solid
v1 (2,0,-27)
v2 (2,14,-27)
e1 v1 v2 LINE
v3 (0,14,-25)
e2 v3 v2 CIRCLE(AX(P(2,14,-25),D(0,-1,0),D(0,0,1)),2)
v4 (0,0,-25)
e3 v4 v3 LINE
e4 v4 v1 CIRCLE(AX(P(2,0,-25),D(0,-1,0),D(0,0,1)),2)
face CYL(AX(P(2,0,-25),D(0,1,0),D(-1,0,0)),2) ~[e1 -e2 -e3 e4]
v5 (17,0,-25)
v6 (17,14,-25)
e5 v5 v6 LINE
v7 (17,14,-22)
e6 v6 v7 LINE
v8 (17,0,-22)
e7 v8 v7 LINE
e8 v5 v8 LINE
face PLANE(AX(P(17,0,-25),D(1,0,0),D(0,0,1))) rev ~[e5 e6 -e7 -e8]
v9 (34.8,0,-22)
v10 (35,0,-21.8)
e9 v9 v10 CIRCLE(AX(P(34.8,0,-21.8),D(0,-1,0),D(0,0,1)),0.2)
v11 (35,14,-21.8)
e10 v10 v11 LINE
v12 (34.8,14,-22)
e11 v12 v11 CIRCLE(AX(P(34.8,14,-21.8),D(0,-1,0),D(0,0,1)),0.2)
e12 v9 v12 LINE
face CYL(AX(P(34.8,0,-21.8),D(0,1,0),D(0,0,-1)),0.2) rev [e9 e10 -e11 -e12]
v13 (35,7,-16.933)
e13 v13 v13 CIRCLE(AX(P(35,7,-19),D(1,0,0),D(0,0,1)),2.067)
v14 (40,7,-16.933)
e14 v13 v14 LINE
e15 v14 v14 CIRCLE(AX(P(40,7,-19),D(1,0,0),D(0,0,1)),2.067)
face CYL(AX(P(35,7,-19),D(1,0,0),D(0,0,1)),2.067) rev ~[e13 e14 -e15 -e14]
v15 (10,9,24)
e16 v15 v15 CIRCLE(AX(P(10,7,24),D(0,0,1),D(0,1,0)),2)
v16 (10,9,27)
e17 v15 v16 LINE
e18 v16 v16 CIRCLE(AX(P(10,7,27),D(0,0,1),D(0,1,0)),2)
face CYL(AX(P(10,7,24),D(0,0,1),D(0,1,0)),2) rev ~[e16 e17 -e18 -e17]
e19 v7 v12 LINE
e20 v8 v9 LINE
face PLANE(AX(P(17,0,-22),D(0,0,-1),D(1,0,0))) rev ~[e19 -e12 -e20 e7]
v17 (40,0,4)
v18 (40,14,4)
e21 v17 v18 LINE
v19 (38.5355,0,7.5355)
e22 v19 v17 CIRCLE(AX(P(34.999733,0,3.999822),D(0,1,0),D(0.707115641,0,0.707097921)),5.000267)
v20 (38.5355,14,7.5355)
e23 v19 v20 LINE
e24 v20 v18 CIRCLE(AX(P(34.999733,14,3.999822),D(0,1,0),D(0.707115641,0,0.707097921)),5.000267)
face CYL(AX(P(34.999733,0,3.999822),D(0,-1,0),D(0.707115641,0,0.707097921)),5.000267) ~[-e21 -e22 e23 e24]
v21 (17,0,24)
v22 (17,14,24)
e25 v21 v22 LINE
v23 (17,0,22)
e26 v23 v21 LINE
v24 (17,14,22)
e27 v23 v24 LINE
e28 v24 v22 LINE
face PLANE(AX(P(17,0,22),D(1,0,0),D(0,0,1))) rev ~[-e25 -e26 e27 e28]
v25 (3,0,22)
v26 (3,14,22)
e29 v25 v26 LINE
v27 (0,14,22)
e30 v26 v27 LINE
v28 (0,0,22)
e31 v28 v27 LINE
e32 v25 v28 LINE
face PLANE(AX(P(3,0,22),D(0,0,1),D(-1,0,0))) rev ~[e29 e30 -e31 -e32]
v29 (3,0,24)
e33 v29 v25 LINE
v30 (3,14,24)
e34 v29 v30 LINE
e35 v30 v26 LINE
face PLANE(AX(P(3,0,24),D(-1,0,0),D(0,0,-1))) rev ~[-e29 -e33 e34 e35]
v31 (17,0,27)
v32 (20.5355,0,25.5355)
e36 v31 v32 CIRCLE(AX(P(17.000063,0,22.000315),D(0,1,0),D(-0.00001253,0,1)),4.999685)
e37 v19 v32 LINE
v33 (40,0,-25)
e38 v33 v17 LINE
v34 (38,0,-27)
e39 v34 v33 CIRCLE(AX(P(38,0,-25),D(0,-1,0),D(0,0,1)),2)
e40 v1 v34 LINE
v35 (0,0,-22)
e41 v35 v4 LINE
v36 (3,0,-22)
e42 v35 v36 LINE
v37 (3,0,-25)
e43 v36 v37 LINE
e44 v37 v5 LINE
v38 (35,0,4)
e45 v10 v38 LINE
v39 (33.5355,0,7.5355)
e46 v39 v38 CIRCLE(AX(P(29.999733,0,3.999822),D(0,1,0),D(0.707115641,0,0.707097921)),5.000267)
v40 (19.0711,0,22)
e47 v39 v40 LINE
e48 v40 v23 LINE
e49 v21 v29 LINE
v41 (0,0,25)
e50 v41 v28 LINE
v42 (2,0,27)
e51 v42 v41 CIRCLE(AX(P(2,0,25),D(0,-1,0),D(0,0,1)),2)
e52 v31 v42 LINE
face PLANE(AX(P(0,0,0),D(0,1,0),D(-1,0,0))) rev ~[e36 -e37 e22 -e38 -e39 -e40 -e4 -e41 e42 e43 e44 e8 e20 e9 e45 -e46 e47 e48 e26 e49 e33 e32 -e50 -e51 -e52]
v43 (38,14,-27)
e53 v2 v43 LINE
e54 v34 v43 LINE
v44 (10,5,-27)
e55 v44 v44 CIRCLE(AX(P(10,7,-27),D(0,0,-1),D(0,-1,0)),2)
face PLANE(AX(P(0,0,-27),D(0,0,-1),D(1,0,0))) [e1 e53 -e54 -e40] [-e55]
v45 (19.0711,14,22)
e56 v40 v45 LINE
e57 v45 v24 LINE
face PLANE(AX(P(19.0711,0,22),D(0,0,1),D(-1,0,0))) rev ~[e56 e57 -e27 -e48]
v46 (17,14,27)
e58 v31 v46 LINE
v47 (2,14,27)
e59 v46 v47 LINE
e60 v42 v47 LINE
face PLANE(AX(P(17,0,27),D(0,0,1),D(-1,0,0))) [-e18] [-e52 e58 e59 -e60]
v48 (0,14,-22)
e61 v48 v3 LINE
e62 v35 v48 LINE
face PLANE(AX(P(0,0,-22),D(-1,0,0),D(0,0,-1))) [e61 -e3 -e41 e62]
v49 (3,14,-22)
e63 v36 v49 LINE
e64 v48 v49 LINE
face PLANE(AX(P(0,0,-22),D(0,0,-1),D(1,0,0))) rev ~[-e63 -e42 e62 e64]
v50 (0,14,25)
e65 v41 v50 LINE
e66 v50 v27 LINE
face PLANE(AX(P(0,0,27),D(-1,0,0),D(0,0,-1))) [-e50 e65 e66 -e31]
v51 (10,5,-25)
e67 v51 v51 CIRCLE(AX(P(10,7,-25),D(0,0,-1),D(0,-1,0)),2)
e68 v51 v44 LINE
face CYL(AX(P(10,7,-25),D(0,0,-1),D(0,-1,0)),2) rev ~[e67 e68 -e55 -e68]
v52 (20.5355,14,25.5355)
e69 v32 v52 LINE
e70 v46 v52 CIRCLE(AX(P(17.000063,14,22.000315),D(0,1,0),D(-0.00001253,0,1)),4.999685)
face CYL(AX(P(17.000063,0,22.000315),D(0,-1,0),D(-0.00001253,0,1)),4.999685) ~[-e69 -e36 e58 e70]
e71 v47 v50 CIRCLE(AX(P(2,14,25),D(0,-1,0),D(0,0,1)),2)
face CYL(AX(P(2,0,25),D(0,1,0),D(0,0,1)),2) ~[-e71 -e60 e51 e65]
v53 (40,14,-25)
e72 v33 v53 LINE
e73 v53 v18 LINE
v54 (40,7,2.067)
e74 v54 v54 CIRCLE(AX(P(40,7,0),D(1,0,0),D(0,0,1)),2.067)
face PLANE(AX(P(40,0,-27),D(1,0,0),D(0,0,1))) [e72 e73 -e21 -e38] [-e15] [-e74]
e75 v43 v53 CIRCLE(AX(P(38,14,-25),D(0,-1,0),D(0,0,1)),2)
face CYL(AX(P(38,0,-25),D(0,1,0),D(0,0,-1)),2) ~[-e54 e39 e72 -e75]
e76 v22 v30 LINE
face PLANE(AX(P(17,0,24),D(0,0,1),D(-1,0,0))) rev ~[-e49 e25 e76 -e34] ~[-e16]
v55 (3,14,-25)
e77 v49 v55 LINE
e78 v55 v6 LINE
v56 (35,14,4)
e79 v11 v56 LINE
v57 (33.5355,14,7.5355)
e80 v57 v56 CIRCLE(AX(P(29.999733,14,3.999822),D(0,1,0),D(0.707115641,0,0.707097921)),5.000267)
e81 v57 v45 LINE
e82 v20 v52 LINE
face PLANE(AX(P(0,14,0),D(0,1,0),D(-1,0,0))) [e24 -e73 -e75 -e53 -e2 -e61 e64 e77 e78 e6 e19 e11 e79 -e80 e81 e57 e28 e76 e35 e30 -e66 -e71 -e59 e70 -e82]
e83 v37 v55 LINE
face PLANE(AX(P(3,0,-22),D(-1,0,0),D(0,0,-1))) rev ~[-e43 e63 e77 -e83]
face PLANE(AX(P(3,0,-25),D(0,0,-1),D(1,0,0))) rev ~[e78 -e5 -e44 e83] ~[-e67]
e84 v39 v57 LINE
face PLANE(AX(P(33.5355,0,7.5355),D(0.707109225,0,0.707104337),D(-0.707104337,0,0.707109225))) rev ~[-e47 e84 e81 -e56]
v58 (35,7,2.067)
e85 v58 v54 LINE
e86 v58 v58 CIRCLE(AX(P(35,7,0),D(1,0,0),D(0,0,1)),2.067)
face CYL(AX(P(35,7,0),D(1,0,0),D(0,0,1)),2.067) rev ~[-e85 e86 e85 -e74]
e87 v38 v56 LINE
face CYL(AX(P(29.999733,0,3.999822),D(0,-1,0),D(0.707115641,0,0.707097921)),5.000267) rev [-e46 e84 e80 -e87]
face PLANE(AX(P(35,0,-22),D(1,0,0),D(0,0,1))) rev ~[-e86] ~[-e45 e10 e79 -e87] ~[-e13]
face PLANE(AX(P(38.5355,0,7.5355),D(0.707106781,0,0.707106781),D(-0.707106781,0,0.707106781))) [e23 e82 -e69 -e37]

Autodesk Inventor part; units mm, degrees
ref_plane "YZ Plane" through (0, 0, 0) normal (1, 0, 0) x (0, 1, 0)
ref_plane "XZ Plane" through (0, 0, 0) normal (0, 1, 0) x (-1, 0, 0)
ref_plane "XY Plane" through (0, 0, 0) normal (0, 0, 1) x (1, 0, 0)
sketch "Skizze1" plane through (0, 0, 0) normal (0, 1, 0) x (-1, 0, 0)
  line L0 (0, -22) -> (0, -27)
  line L1 (0, -27) -> (-40, -27)
  line L2 (-40, -27) -> (-40, 4)
  line L3 (-17, 27) -> (0, 27)
  line L4 (0, 27) -> (0, 22)
  line L5 (0, -22) -> (-3, -22)
  line L6 (-3, -22) -> (-3, -25)
  line L7 (-3, -25) -> (-17, -25)
  line L8 (-17, -25) -> (-17, -22)
  line L9 (-17, -22) -> (-35, -22)
  line L10 (-35, -22) -> (-35, 4)
  line L11 (-17, 24) -> (-17, 24)
  line L12 (-17, 24) -> (-3, 24)
  line L13 (-3, 24) -> (-3, 22)
  line L14 (-3, 22) -> (0, 22)
  line L15 (0, 0) -> (-33.6444, 0) construction
  arc A0 (-33.5355, 7.5355) -> (-35, 4) centre (-30, 4) ccw
  line L16 (-33.5355, 7.5355) -> (-19.0711, 22)
  line L17 (-19.0711, 22) -> (-17, 22)
  line L18 (-17, 22) -> (-17, 24)
  line L19 (-17, 24) -> (-17, 24)
  arc A1 (-38.5355, 7.5355) -> (-40, 4) centre (-35, 4) ccw
  line L20 (-38.5355, 7.5355) -> (-20.5355, 25.5355)
  arc A2 (-17, 27) -> (-20.5355, 25.5355) centre (-17, 22) ccw
  point P0 (-1.5, 22)
  dimension "d2" = 5
  dimension "d3" = 40
  dimension "d4" = 3
  dimension "d5" = 14
  dimension "d6" = 54
  dimension "d7" = 3
  dimension "d8" = 2
  dimension "d12" = 26
  dimension "d16" = 2
  dimension "d17" = 3
  dimension "d18" = 5
  dimension "d19" = 5
  dimension "d20" = 5
  dimension "d21" = 45
extrude "Extrusion1" add sketch "Skizze1" along normal blind 14
fillet "Rundung1" radius 2 3 edges at (0, 7, -27) (40, 7, -27) (0, 7, 27)
fillet "Rundung2" radius 0.2 1 edges at (35, 7, -22)
sketch "Skizze2" plane through (35, 0, 4) normal (-1, 0, 0) x (0, 0, 1)
  line L0 (-31, 14) -> (-31, 0) projected
  point P0 (-4, 0)
  point P1 (-23, 7)
  point P2 (-4, 7)
  point P3 (-31, 7)
  dimension "d26" = 19
  dimension "d27" = 8
hole "Bohrung1" at (35, 7, -19) at (35, 7, 0) direction (1, 0, 0) diameter 4.134 depth 5 thread size "M5x0.8" class "6H" standard "ISO Metric profile"
sketch "Skizze3" plane through (3, 0, -25) normal (0, 0, 1) x (1, 0, 0)
  line L0 (-3, 14) -> (-1, 14) projected
  line L1 (-1, 14) -> (-1, 0) projected
  line L2 (-1, 0) -> (-3, 0) projected
  line L3 (-3, 0) -> (-3, 14) projected
  point P0 (-3, 0)
  point P1 (7, 7)
  point P2 (-3, 7)
  dimension "d42" = 10
hole "Bohrung2" at (10, 7, -25) direction (0, 0, -1) diameter 4 end through all
sketch "Skizze5" plane through (17, 0, 24) normal (0, 0, -1) x (-1, 0, 0)
  line L0 (17, 14) -> (17, 0) projected
  point P0 (7, 7)
  point P1 (17, 7)
  dimension "d44" = 10
hole "Bohrung3" at (10, 7, 24) direction (0, 0, 1) diameter 4 end through all
properties part number "114"
